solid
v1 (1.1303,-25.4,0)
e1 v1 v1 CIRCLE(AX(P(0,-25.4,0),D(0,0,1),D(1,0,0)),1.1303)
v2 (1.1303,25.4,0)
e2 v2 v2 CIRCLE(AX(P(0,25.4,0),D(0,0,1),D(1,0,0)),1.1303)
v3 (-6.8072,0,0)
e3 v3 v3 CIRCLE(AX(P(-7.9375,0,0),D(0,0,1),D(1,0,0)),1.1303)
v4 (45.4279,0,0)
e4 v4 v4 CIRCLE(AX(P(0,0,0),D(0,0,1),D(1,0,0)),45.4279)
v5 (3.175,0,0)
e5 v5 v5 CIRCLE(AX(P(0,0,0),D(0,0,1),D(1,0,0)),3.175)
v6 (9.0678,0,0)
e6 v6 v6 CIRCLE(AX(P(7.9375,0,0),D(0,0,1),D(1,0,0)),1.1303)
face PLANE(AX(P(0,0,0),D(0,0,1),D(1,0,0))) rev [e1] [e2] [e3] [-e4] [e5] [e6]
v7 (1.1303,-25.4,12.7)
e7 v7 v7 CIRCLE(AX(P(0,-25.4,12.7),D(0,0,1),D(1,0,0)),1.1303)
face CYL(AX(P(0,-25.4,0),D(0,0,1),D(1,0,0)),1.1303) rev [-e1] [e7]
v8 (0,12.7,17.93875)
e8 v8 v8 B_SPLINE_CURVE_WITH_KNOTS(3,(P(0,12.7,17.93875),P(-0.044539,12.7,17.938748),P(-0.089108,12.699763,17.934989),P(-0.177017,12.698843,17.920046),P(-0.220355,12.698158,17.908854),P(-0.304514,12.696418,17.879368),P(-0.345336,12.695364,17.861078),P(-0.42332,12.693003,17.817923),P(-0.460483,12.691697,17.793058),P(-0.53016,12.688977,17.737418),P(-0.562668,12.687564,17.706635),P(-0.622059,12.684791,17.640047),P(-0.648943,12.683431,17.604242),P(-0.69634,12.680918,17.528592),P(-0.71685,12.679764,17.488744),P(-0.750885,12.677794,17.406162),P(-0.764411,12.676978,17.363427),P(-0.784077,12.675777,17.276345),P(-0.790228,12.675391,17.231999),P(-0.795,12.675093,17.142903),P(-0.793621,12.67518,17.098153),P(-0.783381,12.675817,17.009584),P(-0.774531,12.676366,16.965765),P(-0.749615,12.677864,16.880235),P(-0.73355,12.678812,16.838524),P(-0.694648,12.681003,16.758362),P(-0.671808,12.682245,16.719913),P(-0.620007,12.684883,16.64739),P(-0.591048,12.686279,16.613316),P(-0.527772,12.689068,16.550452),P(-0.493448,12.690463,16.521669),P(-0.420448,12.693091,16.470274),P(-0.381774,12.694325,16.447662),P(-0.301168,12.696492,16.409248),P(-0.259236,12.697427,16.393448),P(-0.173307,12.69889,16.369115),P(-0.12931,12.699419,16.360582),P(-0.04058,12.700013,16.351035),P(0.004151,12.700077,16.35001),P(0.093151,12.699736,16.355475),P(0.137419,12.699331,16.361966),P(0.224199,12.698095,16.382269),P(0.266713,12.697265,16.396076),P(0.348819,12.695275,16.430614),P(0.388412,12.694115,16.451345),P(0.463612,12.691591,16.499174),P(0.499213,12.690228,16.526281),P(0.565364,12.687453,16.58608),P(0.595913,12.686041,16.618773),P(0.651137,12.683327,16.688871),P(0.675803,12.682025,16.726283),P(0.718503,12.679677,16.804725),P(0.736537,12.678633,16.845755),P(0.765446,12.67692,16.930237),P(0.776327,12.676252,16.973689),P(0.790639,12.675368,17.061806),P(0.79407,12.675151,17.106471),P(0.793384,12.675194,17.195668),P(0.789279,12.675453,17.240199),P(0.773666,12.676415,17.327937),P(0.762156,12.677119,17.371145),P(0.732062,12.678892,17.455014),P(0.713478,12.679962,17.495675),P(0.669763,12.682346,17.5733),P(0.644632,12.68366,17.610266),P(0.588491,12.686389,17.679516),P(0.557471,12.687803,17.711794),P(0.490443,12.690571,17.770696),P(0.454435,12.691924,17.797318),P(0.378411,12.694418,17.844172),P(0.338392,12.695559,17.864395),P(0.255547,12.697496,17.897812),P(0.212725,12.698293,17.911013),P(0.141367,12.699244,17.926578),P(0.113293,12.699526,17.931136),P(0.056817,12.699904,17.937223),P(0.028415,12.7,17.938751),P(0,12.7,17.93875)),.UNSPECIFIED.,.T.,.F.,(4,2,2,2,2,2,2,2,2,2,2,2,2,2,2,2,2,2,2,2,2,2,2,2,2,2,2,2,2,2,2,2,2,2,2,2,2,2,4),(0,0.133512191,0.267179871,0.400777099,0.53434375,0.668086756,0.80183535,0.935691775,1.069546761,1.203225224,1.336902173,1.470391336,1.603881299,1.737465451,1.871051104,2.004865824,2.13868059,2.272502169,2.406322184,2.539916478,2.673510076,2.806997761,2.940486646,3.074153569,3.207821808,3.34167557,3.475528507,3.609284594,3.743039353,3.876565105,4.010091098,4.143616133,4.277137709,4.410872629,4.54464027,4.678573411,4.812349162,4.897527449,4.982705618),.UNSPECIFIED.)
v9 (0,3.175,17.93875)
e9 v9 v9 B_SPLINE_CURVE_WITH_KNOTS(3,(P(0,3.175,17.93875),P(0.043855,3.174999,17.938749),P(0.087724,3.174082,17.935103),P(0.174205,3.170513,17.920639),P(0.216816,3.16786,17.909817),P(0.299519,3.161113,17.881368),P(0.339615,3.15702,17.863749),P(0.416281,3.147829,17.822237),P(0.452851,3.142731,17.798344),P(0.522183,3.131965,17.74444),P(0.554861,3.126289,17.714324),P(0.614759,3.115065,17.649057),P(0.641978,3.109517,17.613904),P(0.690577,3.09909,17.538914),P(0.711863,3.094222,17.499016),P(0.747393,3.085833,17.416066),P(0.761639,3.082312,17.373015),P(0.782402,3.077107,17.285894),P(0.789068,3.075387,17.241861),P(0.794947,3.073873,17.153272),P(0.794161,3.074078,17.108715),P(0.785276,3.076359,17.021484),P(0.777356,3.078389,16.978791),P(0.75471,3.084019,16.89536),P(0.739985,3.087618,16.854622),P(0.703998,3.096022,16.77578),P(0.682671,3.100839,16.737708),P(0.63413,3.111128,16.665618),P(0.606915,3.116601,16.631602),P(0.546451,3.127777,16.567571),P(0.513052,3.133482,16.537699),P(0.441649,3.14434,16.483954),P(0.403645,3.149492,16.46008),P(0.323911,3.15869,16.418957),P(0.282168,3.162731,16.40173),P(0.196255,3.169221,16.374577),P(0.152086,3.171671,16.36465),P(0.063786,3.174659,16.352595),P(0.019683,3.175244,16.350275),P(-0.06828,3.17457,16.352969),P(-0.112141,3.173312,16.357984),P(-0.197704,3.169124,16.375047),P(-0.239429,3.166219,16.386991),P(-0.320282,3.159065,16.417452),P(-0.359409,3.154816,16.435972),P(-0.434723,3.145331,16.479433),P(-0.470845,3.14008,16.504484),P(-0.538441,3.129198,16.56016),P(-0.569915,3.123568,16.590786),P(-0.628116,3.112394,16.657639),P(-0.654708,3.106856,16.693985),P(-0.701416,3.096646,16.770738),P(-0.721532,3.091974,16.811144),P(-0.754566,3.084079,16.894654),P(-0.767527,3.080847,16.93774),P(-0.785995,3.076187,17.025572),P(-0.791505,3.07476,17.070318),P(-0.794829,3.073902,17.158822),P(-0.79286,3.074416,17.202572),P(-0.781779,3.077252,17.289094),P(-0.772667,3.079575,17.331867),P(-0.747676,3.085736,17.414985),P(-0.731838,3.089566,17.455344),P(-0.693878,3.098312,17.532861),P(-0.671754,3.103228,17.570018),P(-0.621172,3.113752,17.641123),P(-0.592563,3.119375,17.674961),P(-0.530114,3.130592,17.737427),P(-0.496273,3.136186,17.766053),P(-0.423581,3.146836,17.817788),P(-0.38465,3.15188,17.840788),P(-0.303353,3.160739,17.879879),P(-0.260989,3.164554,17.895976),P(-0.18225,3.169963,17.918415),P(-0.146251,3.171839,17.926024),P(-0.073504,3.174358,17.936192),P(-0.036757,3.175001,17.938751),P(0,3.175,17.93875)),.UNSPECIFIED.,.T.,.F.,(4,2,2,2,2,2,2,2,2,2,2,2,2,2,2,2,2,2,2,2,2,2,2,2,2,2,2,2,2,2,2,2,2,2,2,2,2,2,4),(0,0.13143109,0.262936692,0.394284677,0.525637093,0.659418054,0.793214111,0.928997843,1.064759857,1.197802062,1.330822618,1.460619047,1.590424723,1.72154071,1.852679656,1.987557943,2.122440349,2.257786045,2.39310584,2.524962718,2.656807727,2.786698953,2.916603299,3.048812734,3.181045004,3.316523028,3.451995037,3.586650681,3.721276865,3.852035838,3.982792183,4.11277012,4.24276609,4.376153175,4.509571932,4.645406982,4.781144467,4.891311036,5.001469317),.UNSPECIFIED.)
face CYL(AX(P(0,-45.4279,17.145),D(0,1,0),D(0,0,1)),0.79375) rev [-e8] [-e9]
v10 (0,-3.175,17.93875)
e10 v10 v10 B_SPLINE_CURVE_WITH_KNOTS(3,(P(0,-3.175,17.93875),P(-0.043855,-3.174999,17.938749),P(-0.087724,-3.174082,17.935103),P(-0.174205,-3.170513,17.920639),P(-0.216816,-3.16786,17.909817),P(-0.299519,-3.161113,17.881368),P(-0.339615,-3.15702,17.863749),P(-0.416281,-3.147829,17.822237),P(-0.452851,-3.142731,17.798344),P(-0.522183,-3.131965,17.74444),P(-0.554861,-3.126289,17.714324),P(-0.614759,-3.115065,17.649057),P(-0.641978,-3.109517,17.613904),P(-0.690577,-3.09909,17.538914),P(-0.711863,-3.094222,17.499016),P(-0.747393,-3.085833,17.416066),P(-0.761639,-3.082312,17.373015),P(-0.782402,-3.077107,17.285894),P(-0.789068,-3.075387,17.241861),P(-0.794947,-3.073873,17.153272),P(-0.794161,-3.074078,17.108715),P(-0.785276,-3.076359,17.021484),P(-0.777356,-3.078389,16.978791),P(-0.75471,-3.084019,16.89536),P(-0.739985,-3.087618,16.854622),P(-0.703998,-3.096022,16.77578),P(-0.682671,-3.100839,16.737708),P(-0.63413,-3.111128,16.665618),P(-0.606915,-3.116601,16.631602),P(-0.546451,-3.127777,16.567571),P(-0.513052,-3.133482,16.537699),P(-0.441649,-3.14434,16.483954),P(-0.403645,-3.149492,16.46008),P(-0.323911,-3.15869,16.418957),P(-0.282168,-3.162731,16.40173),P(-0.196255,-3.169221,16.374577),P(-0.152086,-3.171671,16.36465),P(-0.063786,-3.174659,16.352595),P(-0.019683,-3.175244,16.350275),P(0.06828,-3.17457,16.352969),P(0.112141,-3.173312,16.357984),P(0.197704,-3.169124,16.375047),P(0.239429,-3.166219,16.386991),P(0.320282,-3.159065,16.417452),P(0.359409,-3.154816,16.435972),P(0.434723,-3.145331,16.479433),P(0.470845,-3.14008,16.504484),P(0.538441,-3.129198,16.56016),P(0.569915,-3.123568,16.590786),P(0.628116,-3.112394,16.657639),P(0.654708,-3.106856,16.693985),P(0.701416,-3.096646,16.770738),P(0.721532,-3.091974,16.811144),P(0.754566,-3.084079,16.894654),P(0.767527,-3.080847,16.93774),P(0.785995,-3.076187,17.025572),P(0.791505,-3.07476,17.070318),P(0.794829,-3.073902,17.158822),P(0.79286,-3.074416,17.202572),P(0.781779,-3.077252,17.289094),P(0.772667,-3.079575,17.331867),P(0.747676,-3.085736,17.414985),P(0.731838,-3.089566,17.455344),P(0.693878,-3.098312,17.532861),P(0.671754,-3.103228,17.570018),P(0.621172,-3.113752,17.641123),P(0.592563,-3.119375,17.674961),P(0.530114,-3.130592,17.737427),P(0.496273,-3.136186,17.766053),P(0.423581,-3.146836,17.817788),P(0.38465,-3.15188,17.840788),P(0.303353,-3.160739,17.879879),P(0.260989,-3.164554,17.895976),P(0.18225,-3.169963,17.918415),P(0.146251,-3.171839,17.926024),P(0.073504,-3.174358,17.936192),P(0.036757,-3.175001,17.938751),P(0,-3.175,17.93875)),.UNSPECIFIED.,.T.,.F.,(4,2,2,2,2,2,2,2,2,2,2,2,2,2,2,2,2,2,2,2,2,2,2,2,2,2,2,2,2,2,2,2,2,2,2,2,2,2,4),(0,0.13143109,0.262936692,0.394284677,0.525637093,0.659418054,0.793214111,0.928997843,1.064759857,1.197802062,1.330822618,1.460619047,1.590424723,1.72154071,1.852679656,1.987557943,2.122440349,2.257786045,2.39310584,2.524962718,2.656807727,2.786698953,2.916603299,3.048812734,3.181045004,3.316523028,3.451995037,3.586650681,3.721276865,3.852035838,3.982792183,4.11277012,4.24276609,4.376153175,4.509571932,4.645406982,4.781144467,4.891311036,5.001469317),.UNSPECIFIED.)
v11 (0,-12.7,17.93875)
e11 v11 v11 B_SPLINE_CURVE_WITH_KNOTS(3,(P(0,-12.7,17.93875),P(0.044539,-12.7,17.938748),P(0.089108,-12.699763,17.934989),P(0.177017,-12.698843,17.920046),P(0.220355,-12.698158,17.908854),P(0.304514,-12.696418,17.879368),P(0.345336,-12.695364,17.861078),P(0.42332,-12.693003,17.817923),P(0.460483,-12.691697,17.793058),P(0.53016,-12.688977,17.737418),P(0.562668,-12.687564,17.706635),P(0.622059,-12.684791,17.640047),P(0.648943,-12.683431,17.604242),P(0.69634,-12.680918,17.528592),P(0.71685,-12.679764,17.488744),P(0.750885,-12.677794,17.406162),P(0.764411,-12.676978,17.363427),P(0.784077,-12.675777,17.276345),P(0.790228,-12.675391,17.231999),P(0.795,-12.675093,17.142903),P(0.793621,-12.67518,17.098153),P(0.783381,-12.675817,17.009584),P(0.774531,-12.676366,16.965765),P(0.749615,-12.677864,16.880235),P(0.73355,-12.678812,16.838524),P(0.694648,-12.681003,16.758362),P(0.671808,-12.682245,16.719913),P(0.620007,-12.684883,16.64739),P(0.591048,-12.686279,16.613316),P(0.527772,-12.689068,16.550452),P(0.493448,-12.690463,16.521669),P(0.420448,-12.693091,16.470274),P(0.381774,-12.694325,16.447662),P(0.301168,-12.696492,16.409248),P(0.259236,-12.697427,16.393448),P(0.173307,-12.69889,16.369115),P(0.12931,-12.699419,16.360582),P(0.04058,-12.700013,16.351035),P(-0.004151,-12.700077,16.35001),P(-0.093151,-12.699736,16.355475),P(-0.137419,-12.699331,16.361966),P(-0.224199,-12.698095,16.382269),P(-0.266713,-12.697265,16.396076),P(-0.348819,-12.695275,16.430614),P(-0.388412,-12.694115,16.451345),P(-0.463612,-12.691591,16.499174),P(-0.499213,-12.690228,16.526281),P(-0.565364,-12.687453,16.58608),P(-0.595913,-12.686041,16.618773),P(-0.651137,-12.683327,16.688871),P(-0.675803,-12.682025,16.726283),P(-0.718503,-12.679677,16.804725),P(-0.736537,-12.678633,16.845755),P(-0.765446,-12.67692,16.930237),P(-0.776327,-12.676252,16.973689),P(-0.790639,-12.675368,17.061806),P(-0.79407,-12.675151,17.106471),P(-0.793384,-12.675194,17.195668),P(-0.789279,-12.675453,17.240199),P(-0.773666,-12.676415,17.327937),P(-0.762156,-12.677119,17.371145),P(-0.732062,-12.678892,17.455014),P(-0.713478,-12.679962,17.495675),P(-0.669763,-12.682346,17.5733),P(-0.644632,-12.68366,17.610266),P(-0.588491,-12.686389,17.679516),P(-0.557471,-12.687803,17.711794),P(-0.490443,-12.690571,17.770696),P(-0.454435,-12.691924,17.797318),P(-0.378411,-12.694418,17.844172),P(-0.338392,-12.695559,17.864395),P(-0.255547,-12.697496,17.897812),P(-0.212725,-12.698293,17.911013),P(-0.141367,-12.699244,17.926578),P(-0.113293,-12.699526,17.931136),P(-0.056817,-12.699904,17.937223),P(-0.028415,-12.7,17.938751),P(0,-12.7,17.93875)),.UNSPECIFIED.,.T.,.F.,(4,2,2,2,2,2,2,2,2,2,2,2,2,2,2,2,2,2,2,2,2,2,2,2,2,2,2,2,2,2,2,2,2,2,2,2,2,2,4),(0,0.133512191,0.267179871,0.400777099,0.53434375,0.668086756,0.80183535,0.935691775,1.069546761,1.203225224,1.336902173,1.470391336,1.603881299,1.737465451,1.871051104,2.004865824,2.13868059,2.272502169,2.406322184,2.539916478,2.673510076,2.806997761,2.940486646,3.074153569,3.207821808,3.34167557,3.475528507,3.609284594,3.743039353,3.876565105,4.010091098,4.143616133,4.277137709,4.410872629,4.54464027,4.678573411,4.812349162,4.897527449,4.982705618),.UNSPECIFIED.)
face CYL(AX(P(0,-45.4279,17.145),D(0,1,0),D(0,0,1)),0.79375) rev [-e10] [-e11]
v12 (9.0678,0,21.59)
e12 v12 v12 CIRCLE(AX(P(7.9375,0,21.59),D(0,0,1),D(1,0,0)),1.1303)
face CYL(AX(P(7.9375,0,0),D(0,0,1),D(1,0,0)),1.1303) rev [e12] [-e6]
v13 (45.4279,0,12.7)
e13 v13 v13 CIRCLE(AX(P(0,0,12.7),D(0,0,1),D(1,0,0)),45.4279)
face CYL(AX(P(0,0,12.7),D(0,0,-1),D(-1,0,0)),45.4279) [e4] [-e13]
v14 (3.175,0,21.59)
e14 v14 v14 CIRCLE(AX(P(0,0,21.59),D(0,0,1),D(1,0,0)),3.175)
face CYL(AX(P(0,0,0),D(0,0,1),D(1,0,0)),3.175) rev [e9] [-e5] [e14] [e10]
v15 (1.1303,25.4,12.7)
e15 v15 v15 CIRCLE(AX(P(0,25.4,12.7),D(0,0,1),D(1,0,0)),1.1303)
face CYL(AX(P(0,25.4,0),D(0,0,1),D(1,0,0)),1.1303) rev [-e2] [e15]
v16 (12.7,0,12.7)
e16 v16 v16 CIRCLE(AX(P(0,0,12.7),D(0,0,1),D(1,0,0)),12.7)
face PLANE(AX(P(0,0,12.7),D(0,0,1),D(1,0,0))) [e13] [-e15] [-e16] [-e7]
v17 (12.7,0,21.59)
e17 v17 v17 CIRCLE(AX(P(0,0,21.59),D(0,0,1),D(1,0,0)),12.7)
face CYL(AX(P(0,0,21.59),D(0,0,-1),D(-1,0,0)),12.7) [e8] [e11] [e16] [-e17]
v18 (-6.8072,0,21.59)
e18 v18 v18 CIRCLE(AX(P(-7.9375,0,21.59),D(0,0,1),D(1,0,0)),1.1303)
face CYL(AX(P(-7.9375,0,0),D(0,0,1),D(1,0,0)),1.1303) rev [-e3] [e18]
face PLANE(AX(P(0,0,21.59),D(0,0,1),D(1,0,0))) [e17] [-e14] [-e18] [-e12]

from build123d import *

# Parameters (mm, degrees)
SKETCH2_R               = 45.4279
BOSS_EXTRUDE1_DEPTH     = 12.7
SKETCH3_R               = 12.7
BOSS_EXTRUDE2_DEPTH     = 8.89
SKETCH4_R               = 3.175
SKETCH4_R_2             = 1.1303
CUT_EXTRUDE1_DEPTH      = 22.59
SKETCH5_R               = 0.79375
CUT_EXTRUDE2_DEPTH      = 46.4279
CUT_EXTRUDE2_DEPTH_BACK = 46.4279
SKETCH6_R               = 1.1303
CUT_EXTRUDE3_DEPTH      = 13.7000001


with BuildPart() as part:
    # Sketch2 → Boss-Extrude1 (new body)
    with BuildSketch(Plane.XY):
        Circle(SKETCH2_R)
    extrude(amount=BOSS_EXTRUDE1_DEPTH)

    # Sketch3 → Boss-Extrude2 (add)
    with BuildSketch(Plane.XY.offset(12.7)):
        Circle(SKETCH3_R)
    extrude(amount=BOSS_EXTRUDE2_DEPTH)

    # Sketch4 → Cut-Extrude1 (cut, through all)
    with BuildSketch(Plane.XY.offset(21.59)):
        Circle(SKETCH4_R)
        with Locations((-7.9375, 0)):
            Circle(SKETCH4_R_2)
        with Locations((7.9375, 0)):
            Circle(SKETCH4_R_2)
    extrude(amount=-CUT_EXTRUDE1_DEPTH, mode=Mode.SUBTRACT)

    # Sketch5 → Cut-Extrude2 (cut, two sides)
    with BuildSketch(Plane(origin=(0, 0, 0), x_dir=(1, 0, 0), z_dir=(0, 1, 0))) as cut_extrude2_sk:
        with Locations((0, -17.145)):
            Circle(SKETCH5_R)
    extrude(amount=CUT_EXTRUDE2_DEPTH, mode=Mode.SUBTRACT)
    extrude(cut_extrude2_sk.sketch, amount=-CUT_EXTRUDE2_DEPTH_BACK, mode=Mode.SUBTRACT)

    # Sketch6 → Cut-Extrude3 (cut, through all)
    with BuildSketch(Plane.XY.offset(12.7)):
        with Locations((0, 25.4)):
            Circle(SKETCH6_R)
        with Locations((0, -25.4)):
            Circle(SKETCH6_R)
    extrude(amount=-CUT_EXTRUDE3_DEPTH, mode=Mode.SUBTRACT)


solid = part.part
